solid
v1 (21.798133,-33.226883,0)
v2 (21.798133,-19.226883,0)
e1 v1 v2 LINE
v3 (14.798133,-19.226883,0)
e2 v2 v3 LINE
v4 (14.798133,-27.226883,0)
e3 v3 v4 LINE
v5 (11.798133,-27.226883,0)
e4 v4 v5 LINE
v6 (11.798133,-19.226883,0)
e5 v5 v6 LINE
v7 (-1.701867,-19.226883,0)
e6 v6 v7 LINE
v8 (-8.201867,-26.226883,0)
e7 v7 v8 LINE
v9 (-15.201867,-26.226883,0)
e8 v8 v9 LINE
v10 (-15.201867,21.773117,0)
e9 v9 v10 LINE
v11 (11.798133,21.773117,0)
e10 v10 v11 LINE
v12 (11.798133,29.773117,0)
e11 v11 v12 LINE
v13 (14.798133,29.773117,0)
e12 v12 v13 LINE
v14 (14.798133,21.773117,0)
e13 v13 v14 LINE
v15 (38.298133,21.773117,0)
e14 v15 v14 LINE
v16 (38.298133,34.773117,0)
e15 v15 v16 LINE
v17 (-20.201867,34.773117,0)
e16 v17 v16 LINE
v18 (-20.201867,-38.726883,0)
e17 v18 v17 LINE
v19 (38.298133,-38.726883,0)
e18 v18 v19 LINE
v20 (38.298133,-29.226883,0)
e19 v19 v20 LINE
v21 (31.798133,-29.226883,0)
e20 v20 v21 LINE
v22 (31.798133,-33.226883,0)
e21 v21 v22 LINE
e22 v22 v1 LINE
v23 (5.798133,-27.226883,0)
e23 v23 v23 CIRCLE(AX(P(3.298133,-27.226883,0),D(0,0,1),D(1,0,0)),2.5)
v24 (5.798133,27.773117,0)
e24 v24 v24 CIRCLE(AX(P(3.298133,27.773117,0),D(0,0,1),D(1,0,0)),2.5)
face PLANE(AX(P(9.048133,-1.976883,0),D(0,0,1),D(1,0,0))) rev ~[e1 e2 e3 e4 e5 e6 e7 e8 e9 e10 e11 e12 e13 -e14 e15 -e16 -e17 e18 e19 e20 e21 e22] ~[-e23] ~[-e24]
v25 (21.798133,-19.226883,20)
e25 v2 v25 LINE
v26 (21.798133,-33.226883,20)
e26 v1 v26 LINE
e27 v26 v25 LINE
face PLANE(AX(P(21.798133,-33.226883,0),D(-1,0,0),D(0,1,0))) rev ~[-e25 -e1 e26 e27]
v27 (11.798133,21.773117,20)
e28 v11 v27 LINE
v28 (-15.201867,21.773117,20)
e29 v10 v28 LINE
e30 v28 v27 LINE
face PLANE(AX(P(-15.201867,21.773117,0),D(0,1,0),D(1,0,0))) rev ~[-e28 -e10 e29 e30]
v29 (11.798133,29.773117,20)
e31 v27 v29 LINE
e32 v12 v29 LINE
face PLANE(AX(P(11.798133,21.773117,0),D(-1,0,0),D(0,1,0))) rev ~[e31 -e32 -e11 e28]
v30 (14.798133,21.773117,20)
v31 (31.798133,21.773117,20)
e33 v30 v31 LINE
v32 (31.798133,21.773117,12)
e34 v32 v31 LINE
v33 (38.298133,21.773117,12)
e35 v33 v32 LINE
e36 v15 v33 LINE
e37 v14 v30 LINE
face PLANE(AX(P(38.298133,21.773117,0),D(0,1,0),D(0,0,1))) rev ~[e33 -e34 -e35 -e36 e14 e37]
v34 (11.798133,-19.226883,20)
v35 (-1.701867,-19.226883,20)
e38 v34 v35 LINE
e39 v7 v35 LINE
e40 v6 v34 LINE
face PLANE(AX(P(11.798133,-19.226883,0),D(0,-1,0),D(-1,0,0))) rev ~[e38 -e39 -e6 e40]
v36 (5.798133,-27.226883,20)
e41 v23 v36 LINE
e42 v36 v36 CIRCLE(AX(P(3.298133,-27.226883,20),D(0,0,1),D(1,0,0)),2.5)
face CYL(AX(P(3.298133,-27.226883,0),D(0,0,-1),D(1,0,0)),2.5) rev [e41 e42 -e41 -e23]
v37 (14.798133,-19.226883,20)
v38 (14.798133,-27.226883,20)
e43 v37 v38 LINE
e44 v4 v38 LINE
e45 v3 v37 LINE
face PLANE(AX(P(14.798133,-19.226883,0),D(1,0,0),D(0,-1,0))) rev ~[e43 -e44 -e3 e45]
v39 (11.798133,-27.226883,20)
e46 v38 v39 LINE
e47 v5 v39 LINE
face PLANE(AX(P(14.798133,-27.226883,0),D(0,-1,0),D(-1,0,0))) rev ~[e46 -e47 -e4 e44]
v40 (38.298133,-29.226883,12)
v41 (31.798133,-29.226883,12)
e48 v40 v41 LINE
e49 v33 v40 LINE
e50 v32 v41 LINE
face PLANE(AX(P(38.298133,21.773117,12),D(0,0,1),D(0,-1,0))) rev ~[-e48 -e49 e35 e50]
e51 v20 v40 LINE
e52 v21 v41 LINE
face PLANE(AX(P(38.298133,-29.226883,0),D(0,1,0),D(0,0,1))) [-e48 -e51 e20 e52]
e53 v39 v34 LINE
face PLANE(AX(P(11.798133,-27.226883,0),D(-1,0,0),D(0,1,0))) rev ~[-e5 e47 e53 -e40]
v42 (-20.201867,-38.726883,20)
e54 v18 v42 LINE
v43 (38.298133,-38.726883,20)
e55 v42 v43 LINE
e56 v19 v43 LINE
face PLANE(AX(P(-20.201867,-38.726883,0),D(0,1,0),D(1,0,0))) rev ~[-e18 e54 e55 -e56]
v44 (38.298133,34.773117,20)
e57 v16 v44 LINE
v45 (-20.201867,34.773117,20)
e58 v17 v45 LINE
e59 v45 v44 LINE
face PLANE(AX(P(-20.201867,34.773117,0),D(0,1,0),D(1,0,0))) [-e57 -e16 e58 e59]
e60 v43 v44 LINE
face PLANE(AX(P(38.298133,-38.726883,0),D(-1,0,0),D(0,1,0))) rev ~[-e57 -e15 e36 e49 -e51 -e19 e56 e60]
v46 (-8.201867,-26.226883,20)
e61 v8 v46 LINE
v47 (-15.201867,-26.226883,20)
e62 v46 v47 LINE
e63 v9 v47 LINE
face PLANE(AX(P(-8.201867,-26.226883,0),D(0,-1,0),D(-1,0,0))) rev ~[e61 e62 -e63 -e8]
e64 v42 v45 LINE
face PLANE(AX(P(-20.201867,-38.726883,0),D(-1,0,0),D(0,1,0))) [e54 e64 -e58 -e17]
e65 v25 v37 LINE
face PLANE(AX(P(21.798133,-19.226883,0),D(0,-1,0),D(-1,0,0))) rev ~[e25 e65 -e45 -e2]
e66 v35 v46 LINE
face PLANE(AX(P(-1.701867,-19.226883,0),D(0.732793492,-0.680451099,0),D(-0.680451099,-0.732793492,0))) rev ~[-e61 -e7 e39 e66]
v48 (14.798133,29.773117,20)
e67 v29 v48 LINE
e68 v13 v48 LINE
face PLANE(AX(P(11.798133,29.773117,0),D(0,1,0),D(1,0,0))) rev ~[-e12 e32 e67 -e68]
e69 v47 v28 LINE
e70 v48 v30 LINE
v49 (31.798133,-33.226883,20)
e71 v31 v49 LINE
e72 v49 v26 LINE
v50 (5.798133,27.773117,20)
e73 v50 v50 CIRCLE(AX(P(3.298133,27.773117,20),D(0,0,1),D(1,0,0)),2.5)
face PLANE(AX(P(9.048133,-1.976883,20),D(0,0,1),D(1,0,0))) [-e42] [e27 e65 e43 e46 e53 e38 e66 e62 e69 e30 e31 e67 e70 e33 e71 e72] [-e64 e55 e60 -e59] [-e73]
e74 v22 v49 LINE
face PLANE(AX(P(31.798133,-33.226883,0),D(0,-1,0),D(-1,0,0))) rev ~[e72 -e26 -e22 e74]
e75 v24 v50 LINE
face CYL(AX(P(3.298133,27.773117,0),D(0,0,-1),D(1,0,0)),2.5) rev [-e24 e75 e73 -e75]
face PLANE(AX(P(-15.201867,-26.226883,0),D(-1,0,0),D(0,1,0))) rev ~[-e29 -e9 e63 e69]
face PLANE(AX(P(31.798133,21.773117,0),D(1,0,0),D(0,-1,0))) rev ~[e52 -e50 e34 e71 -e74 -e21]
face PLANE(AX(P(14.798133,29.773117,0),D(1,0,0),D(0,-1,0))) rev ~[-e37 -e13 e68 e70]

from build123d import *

# Parameters (mm, degrees)
F0_W     = 58.5
F0_H     = 73.5
F0_R     = 2.5
F1_DEPTH = 20
F2_W     = 47
F2_H     = 12
F2_W_2   = 4
F3_DEPTH = 6.5


with BuildPart() as f1:
    # F0 (on Top) → F1 (new body)
    with BuildSketch(Plane.XY):
        with Locations((9.048133, -1.976883)):
            Rectangle(F0_W, F0_H)
        with Locations((3.298133, -27.226883)):
            Circle(F0_R, mode=Mode.SUBTRACT)
        Polygon((14.798133, 21.773117), (21.798133, 21.773117), (31.798133, 21.773117), (31.798133, -33.226883), (21.798133, -33.226883), (21.798133, -19.226883), (14.798133, -19.226883), (14.798133, -27.226883), (11.798133, -27.226883), (11.798133, -19.226883), (3.298133, -19.226883), (-1.701867, -19.226883), (-8.201867, -26.226883), (-15.201867, -26.226883), (-15.201867, -19.226883), (-15.201867, 21.773117), (3.298133, 21.773117), (11.798133, 21.773117), (11.798133, 29.773117), (14.798133, 29.773117), align=None, mode=Mode.SUBTRACT)
        with Locations((3.298133, 27.773117)):
            Circle(F0_R, mode=Mode.SUBTRACT)
    extrude(amount=F1_DEPTH)

    # F2 (on face) → F3 (cut, through all)
    with BuildSketch(Plane.YZ.offset(38.298133)):
        with Locations((-5.726883, 6)):
            Rectangle(F2_W, F2_H)
        with Locations((19.773117, 6)):
            Rectangle(F2_W_2, F2_H)
    extrude(amount=-F3_DEPTH, mode=Mode.SUBTRACT)


solid = f1.part
